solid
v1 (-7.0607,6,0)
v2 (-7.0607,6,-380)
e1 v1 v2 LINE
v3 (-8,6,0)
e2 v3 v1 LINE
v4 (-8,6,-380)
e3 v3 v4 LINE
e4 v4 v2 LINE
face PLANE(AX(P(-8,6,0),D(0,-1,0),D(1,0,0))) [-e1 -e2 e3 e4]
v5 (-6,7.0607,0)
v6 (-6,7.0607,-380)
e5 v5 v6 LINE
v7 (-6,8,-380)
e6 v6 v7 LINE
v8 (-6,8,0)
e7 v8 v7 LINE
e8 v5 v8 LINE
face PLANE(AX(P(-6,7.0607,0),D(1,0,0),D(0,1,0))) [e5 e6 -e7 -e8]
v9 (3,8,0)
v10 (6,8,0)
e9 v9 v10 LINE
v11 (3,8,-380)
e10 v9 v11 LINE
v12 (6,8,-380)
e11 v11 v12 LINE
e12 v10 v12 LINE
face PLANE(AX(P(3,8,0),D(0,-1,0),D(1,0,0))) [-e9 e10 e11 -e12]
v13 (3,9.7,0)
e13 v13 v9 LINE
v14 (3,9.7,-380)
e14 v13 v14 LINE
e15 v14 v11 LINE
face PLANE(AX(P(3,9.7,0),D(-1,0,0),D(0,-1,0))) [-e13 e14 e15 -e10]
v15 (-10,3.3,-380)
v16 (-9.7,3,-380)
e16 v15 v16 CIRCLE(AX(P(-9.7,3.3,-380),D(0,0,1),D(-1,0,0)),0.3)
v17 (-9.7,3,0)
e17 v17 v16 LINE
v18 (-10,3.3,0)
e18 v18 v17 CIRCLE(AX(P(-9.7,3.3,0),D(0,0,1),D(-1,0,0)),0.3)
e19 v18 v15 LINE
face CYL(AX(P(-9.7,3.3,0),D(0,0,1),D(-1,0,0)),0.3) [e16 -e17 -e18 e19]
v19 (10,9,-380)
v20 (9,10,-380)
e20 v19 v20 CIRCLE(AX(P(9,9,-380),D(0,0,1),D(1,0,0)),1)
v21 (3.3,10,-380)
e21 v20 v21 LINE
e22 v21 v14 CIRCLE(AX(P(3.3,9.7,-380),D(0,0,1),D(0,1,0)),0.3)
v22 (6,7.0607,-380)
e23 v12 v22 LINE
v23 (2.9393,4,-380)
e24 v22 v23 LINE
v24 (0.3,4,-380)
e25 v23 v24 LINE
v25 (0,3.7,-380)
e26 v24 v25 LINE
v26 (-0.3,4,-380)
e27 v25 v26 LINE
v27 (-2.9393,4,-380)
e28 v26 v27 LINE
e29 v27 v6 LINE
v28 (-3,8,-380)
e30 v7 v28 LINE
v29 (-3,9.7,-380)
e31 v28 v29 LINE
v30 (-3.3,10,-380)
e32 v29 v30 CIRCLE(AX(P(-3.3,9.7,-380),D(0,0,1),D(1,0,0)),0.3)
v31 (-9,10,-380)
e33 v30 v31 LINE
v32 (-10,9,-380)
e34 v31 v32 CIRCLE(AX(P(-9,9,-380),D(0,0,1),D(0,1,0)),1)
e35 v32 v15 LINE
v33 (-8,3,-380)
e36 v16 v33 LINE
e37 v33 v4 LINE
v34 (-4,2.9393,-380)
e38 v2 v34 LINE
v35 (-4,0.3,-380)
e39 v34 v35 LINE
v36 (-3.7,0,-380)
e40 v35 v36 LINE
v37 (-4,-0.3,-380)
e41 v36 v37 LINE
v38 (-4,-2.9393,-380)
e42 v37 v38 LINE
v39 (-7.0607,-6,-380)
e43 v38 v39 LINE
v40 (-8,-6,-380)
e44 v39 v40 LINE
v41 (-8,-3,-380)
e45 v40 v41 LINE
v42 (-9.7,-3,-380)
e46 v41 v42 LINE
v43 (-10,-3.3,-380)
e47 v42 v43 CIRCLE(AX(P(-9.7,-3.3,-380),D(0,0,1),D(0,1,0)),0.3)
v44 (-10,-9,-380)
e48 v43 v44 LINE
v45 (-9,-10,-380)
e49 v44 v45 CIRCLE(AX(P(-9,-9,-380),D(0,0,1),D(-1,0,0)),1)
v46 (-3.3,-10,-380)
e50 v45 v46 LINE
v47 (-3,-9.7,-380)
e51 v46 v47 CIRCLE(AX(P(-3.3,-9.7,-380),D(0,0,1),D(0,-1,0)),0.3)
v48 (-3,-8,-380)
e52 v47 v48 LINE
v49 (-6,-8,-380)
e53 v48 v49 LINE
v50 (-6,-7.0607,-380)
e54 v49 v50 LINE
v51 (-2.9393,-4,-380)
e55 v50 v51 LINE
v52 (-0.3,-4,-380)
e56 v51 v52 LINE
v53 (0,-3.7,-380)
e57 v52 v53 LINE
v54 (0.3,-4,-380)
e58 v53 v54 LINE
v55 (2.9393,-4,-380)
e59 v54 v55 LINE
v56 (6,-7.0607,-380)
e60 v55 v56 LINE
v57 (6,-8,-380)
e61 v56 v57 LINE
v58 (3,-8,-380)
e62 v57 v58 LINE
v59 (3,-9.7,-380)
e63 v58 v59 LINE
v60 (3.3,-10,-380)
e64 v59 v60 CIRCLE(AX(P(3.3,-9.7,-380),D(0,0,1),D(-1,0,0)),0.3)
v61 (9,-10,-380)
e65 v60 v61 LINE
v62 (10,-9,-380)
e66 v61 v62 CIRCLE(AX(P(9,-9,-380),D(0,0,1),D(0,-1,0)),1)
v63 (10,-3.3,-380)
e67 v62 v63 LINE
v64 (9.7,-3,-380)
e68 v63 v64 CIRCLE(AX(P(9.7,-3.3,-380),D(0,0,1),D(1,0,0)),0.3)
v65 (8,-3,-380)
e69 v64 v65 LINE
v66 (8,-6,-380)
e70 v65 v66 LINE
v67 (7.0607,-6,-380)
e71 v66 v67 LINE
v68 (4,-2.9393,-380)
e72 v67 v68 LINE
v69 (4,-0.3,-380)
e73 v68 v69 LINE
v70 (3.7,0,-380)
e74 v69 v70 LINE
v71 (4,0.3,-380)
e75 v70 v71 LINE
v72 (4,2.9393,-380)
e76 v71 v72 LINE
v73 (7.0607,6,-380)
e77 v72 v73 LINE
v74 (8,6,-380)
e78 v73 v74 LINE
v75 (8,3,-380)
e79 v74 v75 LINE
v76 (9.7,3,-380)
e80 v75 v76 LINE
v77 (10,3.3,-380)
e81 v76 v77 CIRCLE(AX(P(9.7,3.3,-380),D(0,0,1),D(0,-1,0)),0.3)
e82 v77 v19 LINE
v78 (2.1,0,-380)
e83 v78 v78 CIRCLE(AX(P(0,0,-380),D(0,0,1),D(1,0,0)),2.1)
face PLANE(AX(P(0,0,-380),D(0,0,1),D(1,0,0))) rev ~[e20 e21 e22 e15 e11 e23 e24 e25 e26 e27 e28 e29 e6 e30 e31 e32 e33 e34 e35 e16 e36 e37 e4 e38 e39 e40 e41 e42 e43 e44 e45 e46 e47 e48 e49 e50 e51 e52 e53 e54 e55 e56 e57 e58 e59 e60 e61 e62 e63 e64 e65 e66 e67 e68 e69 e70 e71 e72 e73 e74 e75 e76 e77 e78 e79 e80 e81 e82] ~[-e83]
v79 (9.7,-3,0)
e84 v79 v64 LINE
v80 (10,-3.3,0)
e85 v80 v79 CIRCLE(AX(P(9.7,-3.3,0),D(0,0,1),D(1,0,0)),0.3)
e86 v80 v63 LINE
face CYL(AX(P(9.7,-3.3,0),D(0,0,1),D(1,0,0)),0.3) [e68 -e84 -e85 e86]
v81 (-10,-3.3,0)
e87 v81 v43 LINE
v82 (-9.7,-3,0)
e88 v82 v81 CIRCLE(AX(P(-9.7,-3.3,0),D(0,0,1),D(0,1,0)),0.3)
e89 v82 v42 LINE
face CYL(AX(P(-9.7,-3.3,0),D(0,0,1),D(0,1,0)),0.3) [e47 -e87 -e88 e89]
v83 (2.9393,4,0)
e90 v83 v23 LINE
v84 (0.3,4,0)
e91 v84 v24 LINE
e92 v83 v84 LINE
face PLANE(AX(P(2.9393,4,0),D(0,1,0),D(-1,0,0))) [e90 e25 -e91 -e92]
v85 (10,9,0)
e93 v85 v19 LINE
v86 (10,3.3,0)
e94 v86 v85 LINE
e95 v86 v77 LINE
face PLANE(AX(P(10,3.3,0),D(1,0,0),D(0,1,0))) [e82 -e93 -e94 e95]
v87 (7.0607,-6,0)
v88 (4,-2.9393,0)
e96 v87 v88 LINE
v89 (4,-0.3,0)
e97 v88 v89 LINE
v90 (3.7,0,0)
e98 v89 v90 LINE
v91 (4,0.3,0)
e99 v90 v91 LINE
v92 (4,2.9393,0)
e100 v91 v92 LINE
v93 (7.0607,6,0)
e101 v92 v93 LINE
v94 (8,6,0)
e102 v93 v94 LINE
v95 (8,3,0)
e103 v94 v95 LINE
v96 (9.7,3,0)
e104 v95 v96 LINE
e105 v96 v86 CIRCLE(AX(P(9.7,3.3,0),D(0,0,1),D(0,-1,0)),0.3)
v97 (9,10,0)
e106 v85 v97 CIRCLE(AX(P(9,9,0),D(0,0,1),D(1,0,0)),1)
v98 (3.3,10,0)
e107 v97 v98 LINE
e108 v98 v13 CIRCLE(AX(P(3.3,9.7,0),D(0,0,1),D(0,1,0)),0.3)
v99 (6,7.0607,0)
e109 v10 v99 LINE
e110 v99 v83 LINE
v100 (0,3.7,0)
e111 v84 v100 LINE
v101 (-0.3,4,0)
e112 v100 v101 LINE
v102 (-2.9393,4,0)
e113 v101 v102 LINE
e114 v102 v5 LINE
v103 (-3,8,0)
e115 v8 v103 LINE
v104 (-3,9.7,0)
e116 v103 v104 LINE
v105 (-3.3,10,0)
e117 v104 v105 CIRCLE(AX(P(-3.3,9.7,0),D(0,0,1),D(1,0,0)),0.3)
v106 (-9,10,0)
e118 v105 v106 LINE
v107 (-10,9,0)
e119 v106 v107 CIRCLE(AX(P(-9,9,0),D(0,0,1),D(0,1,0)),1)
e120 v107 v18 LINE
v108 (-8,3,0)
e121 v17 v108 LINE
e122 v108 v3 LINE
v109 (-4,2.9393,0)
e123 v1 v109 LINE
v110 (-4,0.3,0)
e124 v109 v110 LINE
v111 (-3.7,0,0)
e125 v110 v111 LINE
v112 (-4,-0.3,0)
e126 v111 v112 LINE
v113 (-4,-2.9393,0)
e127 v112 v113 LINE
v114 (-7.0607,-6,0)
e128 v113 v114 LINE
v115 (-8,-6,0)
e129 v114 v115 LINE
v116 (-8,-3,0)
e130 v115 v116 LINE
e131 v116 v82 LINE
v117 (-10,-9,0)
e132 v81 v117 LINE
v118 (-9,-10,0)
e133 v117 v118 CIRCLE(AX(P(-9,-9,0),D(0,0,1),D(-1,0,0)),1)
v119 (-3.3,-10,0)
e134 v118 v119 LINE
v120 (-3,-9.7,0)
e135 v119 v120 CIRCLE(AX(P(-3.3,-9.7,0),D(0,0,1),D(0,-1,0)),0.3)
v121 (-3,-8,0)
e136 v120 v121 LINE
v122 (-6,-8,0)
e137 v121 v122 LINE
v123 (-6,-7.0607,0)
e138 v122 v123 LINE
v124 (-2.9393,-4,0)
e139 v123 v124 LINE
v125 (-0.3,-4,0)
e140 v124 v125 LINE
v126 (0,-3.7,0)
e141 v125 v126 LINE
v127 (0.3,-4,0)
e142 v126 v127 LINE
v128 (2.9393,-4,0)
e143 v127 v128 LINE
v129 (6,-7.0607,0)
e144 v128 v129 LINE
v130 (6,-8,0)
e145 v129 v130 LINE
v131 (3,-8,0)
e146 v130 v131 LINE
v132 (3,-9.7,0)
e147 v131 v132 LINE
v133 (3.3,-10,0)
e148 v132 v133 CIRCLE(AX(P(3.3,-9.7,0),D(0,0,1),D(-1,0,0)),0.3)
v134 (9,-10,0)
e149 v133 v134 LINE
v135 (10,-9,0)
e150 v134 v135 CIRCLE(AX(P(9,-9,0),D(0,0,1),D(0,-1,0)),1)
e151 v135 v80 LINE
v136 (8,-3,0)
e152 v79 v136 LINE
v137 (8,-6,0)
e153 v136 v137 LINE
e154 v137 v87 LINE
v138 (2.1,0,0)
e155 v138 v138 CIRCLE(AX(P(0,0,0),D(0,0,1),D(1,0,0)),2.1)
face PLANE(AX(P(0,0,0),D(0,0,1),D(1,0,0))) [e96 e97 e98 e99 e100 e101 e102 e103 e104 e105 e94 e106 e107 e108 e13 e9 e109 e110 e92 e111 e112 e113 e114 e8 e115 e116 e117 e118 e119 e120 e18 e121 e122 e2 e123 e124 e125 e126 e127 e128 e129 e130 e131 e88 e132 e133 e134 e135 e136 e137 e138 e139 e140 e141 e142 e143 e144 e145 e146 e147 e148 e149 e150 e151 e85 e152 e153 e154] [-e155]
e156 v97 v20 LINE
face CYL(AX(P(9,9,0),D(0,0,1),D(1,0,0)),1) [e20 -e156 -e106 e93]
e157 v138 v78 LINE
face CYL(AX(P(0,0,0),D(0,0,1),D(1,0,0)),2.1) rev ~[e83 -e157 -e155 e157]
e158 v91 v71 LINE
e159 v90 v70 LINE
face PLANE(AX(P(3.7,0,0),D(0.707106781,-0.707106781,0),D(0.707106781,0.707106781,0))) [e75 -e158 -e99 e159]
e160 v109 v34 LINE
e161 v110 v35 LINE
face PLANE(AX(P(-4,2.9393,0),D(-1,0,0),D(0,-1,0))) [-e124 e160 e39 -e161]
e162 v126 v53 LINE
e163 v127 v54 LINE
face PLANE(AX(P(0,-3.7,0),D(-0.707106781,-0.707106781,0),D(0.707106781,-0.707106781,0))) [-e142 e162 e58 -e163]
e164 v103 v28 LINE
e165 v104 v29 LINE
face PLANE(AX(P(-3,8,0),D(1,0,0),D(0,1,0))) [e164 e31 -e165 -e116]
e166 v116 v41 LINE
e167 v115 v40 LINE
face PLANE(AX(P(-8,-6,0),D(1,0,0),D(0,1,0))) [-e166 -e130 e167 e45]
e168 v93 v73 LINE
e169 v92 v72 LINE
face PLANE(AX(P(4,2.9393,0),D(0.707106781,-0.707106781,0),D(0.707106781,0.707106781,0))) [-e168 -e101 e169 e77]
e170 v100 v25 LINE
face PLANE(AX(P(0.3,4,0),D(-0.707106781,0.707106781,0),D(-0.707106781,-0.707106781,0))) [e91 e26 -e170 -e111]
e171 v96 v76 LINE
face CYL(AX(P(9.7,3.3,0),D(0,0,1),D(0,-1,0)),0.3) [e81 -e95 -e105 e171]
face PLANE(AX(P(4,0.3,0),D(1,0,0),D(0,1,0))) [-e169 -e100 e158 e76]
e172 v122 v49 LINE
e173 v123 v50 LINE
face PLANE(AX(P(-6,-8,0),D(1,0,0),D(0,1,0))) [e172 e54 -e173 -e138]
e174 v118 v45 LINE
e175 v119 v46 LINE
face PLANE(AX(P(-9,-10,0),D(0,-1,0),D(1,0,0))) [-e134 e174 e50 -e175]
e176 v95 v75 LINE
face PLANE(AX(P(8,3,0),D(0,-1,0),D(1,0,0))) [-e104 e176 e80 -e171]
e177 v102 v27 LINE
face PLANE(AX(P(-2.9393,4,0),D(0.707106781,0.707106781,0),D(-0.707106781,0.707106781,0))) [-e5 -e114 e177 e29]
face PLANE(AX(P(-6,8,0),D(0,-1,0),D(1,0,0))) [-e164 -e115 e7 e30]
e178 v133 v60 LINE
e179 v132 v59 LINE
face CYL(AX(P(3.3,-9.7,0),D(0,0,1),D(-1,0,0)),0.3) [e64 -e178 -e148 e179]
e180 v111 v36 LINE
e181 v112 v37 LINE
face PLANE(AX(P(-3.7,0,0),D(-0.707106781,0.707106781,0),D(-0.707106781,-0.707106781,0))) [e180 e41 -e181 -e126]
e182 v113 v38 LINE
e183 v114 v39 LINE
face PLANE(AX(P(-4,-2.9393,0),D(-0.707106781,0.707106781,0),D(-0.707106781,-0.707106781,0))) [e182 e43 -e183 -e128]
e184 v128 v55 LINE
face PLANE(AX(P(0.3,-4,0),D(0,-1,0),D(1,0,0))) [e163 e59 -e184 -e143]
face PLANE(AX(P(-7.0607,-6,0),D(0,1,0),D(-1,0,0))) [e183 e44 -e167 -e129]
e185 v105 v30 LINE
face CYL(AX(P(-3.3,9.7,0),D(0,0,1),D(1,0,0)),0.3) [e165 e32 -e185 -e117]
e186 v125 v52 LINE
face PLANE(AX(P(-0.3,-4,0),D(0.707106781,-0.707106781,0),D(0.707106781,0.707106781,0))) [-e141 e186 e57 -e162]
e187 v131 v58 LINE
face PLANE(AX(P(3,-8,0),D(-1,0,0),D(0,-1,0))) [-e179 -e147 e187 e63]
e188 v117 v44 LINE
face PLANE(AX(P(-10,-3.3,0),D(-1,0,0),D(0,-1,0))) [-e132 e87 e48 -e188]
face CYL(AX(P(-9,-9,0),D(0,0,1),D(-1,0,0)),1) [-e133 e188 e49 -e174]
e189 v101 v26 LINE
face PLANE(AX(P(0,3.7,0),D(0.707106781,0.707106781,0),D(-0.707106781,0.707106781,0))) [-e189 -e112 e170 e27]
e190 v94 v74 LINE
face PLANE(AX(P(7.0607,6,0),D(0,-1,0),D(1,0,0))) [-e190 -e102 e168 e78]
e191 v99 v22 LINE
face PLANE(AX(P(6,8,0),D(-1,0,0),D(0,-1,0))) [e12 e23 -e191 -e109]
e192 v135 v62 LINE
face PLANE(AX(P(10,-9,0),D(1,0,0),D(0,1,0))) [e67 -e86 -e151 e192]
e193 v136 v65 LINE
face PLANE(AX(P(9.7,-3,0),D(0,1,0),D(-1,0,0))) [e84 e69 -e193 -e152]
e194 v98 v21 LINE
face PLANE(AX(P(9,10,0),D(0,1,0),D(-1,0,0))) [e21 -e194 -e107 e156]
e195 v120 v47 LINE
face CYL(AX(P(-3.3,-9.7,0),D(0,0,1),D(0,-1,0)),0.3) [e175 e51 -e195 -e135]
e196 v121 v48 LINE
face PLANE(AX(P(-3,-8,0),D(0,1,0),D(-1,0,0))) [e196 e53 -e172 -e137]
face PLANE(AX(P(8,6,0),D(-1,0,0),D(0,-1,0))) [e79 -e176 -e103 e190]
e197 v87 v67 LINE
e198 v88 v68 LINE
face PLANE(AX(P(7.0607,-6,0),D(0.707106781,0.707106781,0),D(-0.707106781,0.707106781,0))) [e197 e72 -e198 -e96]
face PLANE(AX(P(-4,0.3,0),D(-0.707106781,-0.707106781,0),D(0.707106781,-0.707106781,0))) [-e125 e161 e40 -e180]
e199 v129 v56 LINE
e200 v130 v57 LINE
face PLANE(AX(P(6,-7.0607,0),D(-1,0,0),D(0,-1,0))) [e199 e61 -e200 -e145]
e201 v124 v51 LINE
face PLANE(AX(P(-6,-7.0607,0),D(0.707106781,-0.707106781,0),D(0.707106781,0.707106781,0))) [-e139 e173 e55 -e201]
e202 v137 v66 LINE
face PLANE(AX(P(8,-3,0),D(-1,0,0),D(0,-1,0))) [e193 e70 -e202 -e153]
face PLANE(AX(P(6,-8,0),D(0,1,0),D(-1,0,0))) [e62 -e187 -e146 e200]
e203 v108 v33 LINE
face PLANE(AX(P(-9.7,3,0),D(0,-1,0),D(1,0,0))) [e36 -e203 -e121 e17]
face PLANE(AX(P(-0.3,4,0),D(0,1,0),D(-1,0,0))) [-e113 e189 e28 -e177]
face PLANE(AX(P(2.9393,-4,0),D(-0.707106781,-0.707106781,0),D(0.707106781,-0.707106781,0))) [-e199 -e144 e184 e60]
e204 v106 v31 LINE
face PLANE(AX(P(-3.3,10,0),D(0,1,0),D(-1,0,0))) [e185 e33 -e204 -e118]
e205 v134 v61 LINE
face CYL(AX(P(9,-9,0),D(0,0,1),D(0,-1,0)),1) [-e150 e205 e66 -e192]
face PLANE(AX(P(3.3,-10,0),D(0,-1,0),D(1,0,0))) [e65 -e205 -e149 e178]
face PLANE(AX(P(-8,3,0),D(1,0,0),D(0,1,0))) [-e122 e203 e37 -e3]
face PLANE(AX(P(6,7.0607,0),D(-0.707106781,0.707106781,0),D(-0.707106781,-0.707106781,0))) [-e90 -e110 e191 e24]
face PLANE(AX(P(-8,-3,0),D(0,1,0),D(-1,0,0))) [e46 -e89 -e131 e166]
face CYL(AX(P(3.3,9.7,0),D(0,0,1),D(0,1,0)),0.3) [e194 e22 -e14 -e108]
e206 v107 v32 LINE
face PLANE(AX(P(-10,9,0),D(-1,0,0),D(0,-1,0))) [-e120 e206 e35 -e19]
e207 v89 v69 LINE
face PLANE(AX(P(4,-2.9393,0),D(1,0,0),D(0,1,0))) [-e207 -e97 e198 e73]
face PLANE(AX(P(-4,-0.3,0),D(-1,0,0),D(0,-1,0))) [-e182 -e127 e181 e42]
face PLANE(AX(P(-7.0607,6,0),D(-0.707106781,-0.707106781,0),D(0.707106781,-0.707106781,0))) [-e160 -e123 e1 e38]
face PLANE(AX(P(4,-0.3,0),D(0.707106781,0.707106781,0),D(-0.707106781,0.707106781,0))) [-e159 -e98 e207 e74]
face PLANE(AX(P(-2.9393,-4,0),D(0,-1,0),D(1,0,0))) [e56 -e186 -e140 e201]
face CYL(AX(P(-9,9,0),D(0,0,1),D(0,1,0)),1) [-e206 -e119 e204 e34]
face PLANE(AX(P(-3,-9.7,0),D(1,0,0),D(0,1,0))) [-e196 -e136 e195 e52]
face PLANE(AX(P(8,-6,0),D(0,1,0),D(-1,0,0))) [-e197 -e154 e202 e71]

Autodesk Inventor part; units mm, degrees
sketch "Sketch_5" plane through (0, 0, 0) normal (0, 0, 1) x (1, 0, 0)
  arc A0 (-10, 3.3) -> (-9.7, 3) centre (-9.7, 3.3) ccw
  line L0 (-9.7, 3) -> (-8, 3)
  line L1 (-8, 3) -> (-8, 6)
  line L2 (-8, 6) -> (-7.0607, 6)
  line L3 (-7.0607, 6) -> (-4, 2.9393)
  line L4 (-4, 2.9393) -> (-4, 0.3)
  line L5 (-4, 0.3) -> (-3.7, 0)
  line L6 (-3.7, 0) -> (-4, -0.3)
  line L7 (-4, -0.3) -> (-4, -2.9393)
  line L8 (-4, -2.9393) -> (-7.0607, -6)
  line L9 (-7.0607, -6) -> (-8, -6)
  line L10 (-8, -6) -> (-8, -3)
  line L11 (-8, -3) -> (-9.7, -3)
  arc A1 (-9.7, -3) -> (-10, -3.3) centre (-9.7, -3.3) ccw
  line L12 (-10, -3.3) -> (-10, -9)
  arc A2 (-10, -9) -> (-9, -10) centre (-9, -9) ccw
  line L13 (-9, -10) -> (-3.3, -10)
  arc A3 (-3.3, -10) -> (-3, -9.7) centre (-3.3, -9.7) ccw
  line L14 (-3, -9.7) -> (-3, -8)
  line L15 (-3, -8) -> (-6, -8)
  line L16 (-6, -8) -> (-6, -7.0607)
  line L17 (-6, -7.0607) -> (-2.9393, -4)
  line L18 (-2.9393, -4) -> (-0.3, -4)
  line L19 (-0.3, -4) -> (0, -3.7)
  line L20 (0, -3.7) -> (0.3, -4)
  line L21 (0.3, -4) -> (2.9393, -4)
  line L22 (2.9393, -4) -> (6, -7.0607)
  line L23 (6, -7.0607) -> (6, -8)
  line L24 (6, -8) -> (3, -8)
  line L25 (3, -8) -> (3, -9.7)
  arc A4 (3, -9.7) -> (3.3, -10) centre (3.3, -9.7) ccw
  line L26 (3.3, -10) -> (9, -10)
  arc A5 (9, -10) -> (10, -9) centre (9, -9) ccw
  line L27 (10, -9) -> (10, -3.3)
  arc A6 (10, -3.3) -> (9.7, -3) centre (9.7, -3.3) ccw
  line L28 (9.7, -3) -> (8, -3)
  line L29 (8, -3) -> (8, -6)
  line L30 (8, -6) -> (7.0607, -6)
  line L31 (7.0607, -6) -> (4, -2.9393)
  line L32 (4, -2.9393) -> (4, -0.3)
  line L33 (4, -0.3) -> (3.7, 0)
  line L34 (3.7, 0) -> (4, 0.3)
  line L35 (4, 0.3) -> (4, 2.9393)
  line L36 (4, 2.9393) -> (7.0607, 6)
  line L37 (7.0607, 6) -> (8, 6)
  line L38 (8, 6) -> (8, 3)
  line L39 (8, 3) -> (9.7, 3)
  arc A7 (9.7, 3) -> (10, 3.3) centre (9.7, 3.3) ccw
  line L40 (10, 3.3) -> (10, 9)
  arc A8 (10, 9) -> (9, 10) centre (9, 9) ccw
  line L41 (9, 10) -> (3.3, 10)
  arc A9 (3.3, 10) -> (3, 9.7) centre (3.3, 9.7) ccw
  line L42 (3, 9.7) -> (3, 8)
  line L43 (3, 8) -> (6, 8)
  line L44 (6, 8) -> (6, 7.0607)
  line L45 (6, 7.0607) -> (2.9393, 4)
  line L46 (2.9393, 4) -> (0.3, 4)
  line L47 (0.3, 4) -> (0, 3.7)
  line L48 (0, 3.7) -> (-0.3, 4)
  line L49 (-0.3, 4) -> (-2.9393, 4)
  line L50 (-2.9393, 4) -> (-6, 7.0607)
  line L51 (-6, 7.0607) -> (-6, 8)
  line L52 (-6, 8) -> (-3, 8)
  line L53 (-3, 8) -> (-3, 9.7)
  arc A10 (-3, 9.7) -> (-3.3, 10) centre (-3.3, 9.7) ccw
  line L54 (-3.3, 10) -> (-9, 10)
  arc A11 (-9, 10) -> (-10, 9) centre (-9, 9) ccw
  line L55 (-10, 9) -> (-10, 3.3)
  circle A12 centre (0, 0) radius 2.1
extrude "Extrusion1" add sketch "Sketch_5" against normal blind 380
ref_plane "to_frame_XY" through (0, 0, 0) normal (0, 0, 1) x (1, 0, 0)
ref_plane "to_frame_YZ" through (0, 0, 0) normal (1, 0, 0) x (0, 1, 0)
ref_plane "to_frame_ZX" through (0, 0, 0) normal (0, 1, 0) x (0, 0, 1)
properties part number "프로파일_380" material "알루미늄 6061"
